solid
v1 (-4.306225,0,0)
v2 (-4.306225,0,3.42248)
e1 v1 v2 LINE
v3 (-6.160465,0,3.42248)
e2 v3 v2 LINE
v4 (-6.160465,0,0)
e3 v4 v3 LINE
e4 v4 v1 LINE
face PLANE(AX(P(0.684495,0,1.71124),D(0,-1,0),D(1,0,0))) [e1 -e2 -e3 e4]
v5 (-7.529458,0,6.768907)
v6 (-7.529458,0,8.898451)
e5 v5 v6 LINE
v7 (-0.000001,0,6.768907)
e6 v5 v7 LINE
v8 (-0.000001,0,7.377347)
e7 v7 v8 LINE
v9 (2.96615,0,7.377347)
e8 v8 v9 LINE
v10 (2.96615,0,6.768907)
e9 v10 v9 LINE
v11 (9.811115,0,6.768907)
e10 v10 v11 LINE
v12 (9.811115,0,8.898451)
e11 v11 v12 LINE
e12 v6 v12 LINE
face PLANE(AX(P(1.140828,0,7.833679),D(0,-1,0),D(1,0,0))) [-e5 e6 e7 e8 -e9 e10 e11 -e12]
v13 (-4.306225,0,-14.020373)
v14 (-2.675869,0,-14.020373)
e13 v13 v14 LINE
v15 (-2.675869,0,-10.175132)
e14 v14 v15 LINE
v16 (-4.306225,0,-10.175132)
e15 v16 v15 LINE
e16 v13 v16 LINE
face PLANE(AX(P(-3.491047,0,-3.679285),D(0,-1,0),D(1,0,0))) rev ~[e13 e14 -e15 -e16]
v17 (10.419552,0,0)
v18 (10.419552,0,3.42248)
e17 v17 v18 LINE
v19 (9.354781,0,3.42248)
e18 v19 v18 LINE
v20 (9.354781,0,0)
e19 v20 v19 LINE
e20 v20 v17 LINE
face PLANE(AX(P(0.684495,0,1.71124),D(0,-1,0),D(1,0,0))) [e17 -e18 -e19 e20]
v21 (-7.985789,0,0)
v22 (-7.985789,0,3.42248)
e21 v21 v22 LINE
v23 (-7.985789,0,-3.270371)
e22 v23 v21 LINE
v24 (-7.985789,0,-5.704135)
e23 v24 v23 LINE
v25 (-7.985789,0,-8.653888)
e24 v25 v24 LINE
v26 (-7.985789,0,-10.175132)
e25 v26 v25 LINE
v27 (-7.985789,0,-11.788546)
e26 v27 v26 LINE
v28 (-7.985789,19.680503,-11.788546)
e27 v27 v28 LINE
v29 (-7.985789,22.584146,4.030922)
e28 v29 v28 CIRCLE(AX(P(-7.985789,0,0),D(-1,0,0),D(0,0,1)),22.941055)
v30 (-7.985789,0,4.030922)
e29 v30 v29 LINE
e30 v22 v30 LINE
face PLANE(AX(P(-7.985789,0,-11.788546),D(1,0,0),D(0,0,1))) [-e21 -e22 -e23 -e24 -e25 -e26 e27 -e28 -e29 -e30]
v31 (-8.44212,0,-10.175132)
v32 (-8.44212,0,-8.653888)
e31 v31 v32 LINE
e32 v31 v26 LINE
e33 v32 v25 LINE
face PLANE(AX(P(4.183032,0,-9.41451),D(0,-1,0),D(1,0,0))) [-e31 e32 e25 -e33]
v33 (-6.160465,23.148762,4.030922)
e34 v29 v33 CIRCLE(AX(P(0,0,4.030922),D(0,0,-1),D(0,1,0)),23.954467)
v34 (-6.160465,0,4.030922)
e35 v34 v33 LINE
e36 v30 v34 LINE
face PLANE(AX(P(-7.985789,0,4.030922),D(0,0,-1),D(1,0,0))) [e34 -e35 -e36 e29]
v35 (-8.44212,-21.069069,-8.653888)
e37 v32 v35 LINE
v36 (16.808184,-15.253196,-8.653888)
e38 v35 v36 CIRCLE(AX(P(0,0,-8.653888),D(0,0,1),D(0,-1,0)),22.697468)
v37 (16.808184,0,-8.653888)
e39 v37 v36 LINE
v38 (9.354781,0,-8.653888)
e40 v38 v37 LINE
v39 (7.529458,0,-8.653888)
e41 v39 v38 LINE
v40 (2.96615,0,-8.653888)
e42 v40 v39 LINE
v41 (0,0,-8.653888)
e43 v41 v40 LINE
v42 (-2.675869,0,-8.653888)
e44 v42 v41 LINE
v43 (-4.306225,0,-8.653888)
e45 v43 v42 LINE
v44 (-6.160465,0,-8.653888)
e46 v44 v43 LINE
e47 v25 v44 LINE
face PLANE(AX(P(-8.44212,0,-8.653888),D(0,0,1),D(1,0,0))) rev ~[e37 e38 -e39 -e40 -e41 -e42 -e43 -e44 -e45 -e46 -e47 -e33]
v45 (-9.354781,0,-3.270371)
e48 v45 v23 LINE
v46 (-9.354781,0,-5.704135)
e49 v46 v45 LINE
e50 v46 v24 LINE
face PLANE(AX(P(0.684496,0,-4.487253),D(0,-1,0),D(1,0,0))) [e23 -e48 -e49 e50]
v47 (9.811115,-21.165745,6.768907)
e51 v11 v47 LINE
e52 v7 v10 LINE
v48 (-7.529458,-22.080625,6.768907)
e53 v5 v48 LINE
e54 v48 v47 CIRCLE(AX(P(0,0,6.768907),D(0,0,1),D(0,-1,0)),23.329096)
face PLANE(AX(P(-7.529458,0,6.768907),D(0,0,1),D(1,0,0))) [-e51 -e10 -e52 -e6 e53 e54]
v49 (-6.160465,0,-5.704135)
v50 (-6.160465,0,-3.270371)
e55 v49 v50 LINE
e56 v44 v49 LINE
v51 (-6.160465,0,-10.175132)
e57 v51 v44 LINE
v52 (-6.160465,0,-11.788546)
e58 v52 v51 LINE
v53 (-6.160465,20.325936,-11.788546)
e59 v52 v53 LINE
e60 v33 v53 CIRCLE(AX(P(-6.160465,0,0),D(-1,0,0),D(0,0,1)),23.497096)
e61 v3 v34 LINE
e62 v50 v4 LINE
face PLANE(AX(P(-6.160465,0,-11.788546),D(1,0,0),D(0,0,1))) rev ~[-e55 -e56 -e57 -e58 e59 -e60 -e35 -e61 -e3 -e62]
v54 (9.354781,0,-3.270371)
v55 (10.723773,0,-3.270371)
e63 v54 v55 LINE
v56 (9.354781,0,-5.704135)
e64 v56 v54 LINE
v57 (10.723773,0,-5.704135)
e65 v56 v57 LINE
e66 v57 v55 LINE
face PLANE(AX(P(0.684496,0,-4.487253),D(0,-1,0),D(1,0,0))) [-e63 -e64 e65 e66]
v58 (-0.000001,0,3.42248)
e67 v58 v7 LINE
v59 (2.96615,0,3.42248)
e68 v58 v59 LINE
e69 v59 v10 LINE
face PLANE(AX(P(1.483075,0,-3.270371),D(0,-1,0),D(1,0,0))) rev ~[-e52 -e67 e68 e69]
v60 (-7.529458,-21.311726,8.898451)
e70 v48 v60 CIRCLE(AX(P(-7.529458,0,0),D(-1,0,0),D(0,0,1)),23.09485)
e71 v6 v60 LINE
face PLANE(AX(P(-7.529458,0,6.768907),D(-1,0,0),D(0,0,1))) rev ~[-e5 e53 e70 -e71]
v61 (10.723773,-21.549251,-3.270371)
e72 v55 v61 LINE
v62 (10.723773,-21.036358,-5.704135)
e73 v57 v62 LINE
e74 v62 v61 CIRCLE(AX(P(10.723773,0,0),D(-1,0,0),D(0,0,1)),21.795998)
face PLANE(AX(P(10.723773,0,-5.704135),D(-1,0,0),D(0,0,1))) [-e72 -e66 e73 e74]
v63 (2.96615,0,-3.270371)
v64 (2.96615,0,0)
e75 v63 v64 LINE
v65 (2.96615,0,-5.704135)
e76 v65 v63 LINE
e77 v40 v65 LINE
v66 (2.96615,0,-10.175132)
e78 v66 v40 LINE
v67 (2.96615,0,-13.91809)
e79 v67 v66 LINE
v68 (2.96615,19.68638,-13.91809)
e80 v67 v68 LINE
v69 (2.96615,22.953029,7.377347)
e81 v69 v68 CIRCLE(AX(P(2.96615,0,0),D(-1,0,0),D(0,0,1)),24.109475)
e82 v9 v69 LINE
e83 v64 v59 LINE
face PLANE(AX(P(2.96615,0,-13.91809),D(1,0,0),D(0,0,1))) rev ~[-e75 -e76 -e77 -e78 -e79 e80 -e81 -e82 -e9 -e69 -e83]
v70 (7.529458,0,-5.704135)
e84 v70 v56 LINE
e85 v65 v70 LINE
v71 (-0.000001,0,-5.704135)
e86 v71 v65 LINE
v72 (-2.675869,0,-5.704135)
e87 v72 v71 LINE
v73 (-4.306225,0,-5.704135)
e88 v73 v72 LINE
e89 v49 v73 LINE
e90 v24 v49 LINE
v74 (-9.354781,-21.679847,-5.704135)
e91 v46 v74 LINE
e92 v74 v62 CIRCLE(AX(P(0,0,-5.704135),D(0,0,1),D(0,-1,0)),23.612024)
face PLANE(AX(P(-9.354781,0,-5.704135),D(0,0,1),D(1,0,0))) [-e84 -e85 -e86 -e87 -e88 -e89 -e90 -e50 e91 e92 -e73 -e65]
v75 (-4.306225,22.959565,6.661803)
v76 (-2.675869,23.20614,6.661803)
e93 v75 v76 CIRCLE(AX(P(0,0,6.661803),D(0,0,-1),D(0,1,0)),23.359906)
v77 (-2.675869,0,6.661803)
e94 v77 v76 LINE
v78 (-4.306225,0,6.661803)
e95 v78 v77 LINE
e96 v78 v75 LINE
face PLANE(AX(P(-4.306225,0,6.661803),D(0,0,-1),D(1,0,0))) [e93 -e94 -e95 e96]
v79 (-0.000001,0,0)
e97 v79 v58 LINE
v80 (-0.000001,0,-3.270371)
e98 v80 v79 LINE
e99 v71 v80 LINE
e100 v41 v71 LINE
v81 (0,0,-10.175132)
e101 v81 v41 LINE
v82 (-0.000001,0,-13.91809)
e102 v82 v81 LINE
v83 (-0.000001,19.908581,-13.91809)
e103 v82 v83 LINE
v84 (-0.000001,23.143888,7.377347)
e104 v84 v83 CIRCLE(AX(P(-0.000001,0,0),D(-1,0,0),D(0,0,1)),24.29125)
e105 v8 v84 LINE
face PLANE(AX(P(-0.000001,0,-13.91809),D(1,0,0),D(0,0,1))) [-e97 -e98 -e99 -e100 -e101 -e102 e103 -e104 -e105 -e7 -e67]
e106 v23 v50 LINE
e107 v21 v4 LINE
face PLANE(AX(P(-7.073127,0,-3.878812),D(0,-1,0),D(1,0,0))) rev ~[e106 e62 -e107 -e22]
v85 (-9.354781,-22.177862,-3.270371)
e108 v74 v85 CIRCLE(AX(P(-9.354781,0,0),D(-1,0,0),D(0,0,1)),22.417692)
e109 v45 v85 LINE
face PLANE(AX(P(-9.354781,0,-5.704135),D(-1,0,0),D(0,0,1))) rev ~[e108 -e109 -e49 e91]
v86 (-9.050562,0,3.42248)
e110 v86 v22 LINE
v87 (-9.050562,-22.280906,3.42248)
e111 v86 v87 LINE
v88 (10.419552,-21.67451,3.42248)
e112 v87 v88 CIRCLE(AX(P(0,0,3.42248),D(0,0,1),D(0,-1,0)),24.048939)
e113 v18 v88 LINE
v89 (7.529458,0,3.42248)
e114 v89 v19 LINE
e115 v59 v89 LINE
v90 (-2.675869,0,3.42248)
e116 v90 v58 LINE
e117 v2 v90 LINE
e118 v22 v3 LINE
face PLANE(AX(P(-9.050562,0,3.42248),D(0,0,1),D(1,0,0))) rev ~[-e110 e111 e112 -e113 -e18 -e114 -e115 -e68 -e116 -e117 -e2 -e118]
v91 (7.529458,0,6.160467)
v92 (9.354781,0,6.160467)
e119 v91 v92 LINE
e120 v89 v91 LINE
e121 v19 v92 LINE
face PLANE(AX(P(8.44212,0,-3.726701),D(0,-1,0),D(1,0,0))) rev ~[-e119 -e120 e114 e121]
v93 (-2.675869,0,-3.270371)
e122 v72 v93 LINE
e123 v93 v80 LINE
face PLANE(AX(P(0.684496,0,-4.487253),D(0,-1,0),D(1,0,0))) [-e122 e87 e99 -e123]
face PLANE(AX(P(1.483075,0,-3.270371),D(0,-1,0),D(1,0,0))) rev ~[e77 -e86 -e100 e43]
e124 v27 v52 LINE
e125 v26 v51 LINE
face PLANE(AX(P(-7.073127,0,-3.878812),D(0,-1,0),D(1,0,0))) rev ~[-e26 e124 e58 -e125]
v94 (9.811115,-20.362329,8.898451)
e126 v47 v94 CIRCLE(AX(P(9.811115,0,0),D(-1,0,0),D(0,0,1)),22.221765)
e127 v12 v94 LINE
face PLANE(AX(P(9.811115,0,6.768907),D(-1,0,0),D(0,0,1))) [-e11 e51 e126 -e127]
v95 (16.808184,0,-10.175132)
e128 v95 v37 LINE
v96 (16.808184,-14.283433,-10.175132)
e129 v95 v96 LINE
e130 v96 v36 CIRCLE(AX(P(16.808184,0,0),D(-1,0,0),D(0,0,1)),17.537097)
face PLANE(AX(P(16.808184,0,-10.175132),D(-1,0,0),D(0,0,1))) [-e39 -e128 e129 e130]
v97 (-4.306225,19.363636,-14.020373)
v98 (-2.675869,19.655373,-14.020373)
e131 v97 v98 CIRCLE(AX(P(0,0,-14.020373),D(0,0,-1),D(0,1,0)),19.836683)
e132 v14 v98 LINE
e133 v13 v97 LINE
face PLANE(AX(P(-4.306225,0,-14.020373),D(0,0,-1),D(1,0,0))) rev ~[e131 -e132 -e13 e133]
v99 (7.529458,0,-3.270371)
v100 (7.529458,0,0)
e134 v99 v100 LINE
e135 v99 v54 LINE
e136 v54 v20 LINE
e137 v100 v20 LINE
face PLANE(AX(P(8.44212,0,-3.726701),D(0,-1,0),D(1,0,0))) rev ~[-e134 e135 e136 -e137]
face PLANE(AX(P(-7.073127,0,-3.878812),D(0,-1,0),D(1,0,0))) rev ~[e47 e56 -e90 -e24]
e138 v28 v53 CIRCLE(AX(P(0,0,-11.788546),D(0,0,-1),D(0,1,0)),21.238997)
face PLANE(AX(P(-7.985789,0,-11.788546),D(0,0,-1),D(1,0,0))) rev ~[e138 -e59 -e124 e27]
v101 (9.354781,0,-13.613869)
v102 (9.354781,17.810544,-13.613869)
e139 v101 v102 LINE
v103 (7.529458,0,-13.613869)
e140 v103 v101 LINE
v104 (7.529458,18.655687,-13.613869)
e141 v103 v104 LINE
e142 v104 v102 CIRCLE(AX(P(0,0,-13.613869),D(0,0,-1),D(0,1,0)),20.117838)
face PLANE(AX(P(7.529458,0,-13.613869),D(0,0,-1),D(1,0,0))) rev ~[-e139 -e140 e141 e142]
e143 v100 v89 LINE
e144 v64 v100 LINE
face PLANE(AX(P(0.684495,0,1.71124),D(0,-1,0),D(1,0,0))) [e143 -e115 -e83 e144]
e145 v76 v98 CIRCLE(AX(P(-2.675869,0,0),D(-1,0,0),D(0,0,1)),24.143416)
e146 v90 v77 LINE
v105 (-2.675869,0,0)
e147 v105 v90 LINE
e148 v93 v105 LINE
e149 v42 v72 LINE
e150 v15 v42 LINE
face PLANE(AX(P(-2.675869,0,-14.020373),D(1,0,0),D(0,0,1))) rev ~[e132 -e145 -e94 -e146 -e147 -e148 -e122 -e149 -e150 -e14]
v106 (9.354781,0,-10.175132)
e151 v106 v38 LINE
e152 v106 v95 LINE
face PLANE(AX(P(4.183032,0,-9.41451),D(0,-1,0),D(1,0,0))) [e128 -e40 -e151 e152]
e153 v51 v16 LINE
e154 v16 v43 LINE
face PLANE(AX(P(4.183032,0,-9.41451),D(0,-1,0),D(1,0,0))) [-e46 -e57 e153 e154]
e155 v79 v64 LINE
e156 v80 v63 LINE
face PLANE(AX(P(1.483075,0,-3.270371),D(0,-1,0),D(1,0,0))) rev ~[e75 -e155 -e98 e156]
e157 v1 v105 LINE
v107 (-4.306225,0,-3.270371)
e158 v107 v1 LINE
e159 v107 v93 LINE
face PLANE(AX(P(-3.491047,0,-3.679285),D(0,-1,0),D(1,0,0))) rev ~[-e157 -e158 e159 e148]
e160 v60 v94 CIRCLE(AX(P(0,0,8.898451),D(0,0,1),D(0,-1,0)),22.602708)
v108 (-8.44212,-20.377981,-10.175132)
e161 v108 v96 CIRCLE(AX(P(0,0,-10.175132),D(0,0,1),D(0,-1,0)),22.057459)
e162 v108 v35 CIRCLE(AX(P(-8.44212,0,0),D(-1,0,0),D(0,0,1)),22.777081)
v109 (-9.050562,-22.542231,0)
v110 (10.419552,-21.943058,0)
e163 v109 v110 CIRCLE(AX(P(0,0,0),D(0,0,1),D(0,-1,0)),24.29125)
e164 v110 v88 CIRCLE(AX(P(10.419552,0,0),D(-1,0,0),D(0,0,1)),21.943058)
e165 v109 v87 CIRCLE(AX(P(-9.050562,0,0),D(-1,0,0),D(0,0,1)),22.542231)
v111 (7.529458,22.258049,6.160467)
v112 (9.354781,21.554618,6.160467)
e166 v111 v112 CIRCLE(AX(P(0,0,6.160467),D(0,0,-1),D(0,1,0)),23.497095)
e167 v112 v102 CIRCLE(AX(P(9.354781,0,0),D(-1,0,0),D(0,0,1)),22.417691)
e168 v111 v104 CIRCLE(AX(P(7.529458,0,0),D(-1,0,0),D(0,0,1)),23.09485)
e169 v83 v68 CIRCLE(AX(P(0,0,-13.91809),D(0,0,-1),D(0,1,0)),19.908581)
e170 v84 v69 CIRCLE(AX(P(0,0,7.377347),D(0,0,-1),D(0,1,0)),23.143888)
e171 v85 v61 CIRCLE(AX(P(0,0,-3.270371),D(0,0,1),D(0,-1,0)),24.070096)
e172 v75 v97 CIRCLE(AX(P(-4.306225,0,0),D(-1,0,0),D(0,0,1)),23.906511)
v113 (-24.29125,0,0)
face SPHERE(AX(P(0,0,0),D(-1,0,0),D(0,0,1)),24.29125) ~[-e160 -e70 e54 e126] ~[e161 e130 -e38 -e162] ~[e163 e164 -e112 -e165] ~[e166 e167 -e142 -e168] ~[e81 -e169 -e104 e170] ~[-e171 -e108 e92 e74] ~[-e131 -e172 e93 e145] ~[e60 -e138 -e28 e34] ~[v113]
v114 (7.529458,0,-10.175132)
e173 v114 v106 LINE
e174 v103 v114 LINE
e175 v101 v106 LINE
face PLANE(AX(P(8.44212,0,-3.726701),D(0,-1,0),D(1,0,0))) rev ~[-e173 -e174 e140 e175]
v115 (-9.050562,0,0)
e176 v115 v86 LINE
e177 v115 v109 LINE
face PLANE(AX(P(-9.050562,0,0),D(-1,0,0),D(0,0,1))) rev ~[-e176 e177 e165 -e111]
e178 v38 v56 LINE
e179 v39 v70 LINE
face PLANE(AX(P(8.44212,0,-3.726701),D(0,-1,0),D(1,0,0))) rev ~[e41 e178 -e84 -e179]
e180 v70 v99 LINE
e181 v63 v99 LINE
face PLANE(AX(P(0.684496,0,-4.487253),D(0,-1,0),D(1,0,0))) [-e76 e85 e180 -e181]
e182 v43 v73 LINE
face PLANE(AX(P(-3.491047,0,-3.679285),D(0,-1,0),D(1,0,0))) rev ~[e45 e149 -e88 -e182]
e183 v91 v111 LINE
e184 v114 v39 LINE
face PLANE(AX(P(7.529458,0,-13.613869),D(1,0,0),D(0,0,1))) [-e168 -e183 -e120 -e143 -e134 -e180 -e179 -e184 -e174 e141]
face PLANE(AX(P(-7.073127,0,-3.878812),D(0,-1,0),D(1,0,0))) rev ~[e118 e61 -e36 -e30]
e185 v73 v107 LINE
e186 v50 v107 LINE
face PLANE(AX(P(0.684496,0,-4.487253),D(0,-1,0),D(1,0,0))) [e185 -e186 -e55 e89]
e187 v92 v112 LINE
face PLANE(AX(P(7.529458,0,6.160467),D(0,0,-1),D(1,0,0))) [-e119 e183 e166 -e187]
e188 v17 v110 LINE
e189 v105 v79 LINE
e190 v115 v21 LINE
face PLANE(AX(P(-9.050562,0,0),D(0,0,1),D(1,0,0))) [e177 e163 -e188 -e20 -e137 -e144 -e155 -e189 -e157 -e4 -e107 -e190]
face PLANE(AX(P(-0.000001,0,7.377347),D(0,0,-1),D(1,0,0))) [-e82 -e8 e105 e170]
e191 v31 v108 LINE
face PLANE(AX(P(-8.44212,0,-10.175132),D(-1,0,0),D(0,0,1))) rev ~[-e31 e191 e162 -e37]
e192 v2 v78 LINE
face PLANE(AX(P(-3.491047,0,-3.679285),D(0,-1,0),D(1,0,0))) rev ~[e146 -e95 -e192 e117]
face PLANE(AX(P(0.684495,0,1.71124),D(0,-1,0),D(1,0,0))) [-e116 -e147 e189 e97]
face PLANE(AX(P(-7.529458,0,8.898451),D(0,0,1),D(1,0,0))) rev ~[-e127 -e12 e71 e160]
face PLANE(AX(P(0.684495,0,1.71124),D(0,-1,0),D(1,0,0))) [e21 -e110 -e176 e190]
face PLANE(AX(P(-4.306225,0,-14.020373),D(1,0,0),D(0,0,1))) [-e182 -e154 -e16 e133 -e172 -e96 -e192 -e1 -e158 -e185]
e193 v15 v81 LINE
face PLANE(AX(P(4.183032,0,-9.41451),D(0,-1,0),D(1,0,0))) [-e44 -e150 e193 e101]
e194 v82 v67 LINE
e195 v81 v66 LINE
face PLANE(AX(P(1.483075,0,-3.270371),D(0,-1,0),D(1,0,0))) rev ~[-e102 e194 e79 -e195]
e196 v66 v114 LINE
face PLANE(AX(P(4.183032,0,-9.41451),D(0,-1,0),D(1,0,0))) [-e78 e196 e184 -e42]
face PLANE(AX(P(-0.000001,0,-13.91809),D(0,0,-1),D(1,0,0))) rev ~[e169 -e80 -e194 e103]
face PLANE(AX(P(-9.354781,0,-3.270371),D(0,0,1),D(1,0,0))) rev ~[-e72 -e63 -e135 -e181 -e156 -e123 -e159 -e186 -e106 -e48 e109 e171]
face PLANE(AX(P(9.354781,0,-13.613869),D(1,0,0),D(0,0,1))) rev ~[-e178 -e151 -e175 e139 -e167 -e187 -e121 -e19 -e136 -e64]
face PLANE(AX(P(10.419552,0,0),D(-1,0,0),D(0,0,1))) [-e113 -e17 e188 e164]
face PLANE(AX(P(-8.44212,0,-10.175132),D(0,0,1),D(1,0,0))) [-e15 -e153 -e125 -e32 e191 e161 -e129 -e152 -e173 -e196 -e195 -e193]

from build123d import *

# Parameters (mm, degrees)
F2_W      = 1.825324
F2_H      = 15.819468
F3_DEPTH  = 50.8
F4_W      = 2.966151
F4_H      = 21.295437
F5_DEPTH  = 50.8
F6_W      = 1.630356
F6_H      = 20.682175
F7_DEPTH  = 50.8
F8_W      = 1.825323
F8_H      = 19.774335
F9_DEPTH  = 50.8
F10_W     = 17.340573
F10_H     = 2.129544
F11_DEPTH = 50.8
F12_W     = 19.470113
F12_H     = 3.422481
F13_DEPTH = 50.8
F14_W     = 20.078553
F14_H     = 2.433764
F15_DEPTH = 50.8
F16_W     = 25.250305
F16_H     = 1.521244
F17_DEPTH = 50.8


with BuildPart() as f1:
    # F0 (on Front) → F1 (revolve)
    with BuildSketch(Plane.XZ):
        with BuildLine():
            Line((-24.29125, 0), (24.29125, 0))
            ThreePointArc((24.29125, 0), (0, 24.29125), (-24.29125, 0))
        make_face()
    revolve(axis=Axis((0, 0, 0), (1, 0, 0)))

    # F2 (on Front) → F3 (cut)
    with BuildSketch(Plane.XZ):
        with Locations((-7.073127, -3.878812)):
            Rectangle(F2_W, F2_H)
    extrude(amount=-F3_DEPTH, mode=Mode.SUBTRACT)

    # F4 (on Front) → F5 (cut)
    with BuildSketch(Plane.XZ):
        with Locations((1.483075, -3.270371)):
            Rectangle(F4_W, F4_H)
    extrude(amount=-F5_DEPTH, mode=Mode.SUBTRACT)

    # F6 (on Front) → F7 (cut)
    with BuildSketch(Plane.XZ):
        with Locations((-3.491047, -3.679285)):
            Rectangle(F6_W, F6_H)
    extrude(amount=-F7_DEPTH, mode=Mode.SUBTRACT)

    # F8 (on Front) → F9 (cut)
    with BuildSketch(Plane.XZ):
        with Locations((8.44212, -3.726701)):
            Rectangle(F8_W, F8_H)
    extrude(amount=-F9_DEPTH, mode=Mode.SUBTRACT)

    # F10 (on Front) → F11 (cut)
    with BuildSketch(Plane.XZ):
        with Locations((1.140828, 7.833679)):
            Rectangle(F10_W, F10_H)
    extrude(amount=F11_DEPTH, mode=Mode.SUBTRACT)

    # F12 (on Front) → F13 (cut)
    with BuildSketch(Plane.XZ):
        with Locations((0.684495, 1.71124)):
            Rectangle(F12_W, F12_H)
    extrude(amount=F13_DEPTH, mode=Mode.SUBTRACT)

    # F14 (on Front) → F15 (cut)
    with BuildSketch(Plane.XZ):
        with Locations((0.684496, -4.487253)):
            Rectangle(F14_W, F14_H)
    extrude(amount=F15_DEPTH, mode=Mode.SUBTRACT)

    # F16 (on Front) → F17 (cut)
    with BuildSketch(Plane.XZ):
        with Locations((4.183032, -9.41451)):
            Rectangle(F16_W, F16_H)
    extrude(amount=F17_DEPTH, mode=Mode.SUBTRACT)


solid = f1.part
